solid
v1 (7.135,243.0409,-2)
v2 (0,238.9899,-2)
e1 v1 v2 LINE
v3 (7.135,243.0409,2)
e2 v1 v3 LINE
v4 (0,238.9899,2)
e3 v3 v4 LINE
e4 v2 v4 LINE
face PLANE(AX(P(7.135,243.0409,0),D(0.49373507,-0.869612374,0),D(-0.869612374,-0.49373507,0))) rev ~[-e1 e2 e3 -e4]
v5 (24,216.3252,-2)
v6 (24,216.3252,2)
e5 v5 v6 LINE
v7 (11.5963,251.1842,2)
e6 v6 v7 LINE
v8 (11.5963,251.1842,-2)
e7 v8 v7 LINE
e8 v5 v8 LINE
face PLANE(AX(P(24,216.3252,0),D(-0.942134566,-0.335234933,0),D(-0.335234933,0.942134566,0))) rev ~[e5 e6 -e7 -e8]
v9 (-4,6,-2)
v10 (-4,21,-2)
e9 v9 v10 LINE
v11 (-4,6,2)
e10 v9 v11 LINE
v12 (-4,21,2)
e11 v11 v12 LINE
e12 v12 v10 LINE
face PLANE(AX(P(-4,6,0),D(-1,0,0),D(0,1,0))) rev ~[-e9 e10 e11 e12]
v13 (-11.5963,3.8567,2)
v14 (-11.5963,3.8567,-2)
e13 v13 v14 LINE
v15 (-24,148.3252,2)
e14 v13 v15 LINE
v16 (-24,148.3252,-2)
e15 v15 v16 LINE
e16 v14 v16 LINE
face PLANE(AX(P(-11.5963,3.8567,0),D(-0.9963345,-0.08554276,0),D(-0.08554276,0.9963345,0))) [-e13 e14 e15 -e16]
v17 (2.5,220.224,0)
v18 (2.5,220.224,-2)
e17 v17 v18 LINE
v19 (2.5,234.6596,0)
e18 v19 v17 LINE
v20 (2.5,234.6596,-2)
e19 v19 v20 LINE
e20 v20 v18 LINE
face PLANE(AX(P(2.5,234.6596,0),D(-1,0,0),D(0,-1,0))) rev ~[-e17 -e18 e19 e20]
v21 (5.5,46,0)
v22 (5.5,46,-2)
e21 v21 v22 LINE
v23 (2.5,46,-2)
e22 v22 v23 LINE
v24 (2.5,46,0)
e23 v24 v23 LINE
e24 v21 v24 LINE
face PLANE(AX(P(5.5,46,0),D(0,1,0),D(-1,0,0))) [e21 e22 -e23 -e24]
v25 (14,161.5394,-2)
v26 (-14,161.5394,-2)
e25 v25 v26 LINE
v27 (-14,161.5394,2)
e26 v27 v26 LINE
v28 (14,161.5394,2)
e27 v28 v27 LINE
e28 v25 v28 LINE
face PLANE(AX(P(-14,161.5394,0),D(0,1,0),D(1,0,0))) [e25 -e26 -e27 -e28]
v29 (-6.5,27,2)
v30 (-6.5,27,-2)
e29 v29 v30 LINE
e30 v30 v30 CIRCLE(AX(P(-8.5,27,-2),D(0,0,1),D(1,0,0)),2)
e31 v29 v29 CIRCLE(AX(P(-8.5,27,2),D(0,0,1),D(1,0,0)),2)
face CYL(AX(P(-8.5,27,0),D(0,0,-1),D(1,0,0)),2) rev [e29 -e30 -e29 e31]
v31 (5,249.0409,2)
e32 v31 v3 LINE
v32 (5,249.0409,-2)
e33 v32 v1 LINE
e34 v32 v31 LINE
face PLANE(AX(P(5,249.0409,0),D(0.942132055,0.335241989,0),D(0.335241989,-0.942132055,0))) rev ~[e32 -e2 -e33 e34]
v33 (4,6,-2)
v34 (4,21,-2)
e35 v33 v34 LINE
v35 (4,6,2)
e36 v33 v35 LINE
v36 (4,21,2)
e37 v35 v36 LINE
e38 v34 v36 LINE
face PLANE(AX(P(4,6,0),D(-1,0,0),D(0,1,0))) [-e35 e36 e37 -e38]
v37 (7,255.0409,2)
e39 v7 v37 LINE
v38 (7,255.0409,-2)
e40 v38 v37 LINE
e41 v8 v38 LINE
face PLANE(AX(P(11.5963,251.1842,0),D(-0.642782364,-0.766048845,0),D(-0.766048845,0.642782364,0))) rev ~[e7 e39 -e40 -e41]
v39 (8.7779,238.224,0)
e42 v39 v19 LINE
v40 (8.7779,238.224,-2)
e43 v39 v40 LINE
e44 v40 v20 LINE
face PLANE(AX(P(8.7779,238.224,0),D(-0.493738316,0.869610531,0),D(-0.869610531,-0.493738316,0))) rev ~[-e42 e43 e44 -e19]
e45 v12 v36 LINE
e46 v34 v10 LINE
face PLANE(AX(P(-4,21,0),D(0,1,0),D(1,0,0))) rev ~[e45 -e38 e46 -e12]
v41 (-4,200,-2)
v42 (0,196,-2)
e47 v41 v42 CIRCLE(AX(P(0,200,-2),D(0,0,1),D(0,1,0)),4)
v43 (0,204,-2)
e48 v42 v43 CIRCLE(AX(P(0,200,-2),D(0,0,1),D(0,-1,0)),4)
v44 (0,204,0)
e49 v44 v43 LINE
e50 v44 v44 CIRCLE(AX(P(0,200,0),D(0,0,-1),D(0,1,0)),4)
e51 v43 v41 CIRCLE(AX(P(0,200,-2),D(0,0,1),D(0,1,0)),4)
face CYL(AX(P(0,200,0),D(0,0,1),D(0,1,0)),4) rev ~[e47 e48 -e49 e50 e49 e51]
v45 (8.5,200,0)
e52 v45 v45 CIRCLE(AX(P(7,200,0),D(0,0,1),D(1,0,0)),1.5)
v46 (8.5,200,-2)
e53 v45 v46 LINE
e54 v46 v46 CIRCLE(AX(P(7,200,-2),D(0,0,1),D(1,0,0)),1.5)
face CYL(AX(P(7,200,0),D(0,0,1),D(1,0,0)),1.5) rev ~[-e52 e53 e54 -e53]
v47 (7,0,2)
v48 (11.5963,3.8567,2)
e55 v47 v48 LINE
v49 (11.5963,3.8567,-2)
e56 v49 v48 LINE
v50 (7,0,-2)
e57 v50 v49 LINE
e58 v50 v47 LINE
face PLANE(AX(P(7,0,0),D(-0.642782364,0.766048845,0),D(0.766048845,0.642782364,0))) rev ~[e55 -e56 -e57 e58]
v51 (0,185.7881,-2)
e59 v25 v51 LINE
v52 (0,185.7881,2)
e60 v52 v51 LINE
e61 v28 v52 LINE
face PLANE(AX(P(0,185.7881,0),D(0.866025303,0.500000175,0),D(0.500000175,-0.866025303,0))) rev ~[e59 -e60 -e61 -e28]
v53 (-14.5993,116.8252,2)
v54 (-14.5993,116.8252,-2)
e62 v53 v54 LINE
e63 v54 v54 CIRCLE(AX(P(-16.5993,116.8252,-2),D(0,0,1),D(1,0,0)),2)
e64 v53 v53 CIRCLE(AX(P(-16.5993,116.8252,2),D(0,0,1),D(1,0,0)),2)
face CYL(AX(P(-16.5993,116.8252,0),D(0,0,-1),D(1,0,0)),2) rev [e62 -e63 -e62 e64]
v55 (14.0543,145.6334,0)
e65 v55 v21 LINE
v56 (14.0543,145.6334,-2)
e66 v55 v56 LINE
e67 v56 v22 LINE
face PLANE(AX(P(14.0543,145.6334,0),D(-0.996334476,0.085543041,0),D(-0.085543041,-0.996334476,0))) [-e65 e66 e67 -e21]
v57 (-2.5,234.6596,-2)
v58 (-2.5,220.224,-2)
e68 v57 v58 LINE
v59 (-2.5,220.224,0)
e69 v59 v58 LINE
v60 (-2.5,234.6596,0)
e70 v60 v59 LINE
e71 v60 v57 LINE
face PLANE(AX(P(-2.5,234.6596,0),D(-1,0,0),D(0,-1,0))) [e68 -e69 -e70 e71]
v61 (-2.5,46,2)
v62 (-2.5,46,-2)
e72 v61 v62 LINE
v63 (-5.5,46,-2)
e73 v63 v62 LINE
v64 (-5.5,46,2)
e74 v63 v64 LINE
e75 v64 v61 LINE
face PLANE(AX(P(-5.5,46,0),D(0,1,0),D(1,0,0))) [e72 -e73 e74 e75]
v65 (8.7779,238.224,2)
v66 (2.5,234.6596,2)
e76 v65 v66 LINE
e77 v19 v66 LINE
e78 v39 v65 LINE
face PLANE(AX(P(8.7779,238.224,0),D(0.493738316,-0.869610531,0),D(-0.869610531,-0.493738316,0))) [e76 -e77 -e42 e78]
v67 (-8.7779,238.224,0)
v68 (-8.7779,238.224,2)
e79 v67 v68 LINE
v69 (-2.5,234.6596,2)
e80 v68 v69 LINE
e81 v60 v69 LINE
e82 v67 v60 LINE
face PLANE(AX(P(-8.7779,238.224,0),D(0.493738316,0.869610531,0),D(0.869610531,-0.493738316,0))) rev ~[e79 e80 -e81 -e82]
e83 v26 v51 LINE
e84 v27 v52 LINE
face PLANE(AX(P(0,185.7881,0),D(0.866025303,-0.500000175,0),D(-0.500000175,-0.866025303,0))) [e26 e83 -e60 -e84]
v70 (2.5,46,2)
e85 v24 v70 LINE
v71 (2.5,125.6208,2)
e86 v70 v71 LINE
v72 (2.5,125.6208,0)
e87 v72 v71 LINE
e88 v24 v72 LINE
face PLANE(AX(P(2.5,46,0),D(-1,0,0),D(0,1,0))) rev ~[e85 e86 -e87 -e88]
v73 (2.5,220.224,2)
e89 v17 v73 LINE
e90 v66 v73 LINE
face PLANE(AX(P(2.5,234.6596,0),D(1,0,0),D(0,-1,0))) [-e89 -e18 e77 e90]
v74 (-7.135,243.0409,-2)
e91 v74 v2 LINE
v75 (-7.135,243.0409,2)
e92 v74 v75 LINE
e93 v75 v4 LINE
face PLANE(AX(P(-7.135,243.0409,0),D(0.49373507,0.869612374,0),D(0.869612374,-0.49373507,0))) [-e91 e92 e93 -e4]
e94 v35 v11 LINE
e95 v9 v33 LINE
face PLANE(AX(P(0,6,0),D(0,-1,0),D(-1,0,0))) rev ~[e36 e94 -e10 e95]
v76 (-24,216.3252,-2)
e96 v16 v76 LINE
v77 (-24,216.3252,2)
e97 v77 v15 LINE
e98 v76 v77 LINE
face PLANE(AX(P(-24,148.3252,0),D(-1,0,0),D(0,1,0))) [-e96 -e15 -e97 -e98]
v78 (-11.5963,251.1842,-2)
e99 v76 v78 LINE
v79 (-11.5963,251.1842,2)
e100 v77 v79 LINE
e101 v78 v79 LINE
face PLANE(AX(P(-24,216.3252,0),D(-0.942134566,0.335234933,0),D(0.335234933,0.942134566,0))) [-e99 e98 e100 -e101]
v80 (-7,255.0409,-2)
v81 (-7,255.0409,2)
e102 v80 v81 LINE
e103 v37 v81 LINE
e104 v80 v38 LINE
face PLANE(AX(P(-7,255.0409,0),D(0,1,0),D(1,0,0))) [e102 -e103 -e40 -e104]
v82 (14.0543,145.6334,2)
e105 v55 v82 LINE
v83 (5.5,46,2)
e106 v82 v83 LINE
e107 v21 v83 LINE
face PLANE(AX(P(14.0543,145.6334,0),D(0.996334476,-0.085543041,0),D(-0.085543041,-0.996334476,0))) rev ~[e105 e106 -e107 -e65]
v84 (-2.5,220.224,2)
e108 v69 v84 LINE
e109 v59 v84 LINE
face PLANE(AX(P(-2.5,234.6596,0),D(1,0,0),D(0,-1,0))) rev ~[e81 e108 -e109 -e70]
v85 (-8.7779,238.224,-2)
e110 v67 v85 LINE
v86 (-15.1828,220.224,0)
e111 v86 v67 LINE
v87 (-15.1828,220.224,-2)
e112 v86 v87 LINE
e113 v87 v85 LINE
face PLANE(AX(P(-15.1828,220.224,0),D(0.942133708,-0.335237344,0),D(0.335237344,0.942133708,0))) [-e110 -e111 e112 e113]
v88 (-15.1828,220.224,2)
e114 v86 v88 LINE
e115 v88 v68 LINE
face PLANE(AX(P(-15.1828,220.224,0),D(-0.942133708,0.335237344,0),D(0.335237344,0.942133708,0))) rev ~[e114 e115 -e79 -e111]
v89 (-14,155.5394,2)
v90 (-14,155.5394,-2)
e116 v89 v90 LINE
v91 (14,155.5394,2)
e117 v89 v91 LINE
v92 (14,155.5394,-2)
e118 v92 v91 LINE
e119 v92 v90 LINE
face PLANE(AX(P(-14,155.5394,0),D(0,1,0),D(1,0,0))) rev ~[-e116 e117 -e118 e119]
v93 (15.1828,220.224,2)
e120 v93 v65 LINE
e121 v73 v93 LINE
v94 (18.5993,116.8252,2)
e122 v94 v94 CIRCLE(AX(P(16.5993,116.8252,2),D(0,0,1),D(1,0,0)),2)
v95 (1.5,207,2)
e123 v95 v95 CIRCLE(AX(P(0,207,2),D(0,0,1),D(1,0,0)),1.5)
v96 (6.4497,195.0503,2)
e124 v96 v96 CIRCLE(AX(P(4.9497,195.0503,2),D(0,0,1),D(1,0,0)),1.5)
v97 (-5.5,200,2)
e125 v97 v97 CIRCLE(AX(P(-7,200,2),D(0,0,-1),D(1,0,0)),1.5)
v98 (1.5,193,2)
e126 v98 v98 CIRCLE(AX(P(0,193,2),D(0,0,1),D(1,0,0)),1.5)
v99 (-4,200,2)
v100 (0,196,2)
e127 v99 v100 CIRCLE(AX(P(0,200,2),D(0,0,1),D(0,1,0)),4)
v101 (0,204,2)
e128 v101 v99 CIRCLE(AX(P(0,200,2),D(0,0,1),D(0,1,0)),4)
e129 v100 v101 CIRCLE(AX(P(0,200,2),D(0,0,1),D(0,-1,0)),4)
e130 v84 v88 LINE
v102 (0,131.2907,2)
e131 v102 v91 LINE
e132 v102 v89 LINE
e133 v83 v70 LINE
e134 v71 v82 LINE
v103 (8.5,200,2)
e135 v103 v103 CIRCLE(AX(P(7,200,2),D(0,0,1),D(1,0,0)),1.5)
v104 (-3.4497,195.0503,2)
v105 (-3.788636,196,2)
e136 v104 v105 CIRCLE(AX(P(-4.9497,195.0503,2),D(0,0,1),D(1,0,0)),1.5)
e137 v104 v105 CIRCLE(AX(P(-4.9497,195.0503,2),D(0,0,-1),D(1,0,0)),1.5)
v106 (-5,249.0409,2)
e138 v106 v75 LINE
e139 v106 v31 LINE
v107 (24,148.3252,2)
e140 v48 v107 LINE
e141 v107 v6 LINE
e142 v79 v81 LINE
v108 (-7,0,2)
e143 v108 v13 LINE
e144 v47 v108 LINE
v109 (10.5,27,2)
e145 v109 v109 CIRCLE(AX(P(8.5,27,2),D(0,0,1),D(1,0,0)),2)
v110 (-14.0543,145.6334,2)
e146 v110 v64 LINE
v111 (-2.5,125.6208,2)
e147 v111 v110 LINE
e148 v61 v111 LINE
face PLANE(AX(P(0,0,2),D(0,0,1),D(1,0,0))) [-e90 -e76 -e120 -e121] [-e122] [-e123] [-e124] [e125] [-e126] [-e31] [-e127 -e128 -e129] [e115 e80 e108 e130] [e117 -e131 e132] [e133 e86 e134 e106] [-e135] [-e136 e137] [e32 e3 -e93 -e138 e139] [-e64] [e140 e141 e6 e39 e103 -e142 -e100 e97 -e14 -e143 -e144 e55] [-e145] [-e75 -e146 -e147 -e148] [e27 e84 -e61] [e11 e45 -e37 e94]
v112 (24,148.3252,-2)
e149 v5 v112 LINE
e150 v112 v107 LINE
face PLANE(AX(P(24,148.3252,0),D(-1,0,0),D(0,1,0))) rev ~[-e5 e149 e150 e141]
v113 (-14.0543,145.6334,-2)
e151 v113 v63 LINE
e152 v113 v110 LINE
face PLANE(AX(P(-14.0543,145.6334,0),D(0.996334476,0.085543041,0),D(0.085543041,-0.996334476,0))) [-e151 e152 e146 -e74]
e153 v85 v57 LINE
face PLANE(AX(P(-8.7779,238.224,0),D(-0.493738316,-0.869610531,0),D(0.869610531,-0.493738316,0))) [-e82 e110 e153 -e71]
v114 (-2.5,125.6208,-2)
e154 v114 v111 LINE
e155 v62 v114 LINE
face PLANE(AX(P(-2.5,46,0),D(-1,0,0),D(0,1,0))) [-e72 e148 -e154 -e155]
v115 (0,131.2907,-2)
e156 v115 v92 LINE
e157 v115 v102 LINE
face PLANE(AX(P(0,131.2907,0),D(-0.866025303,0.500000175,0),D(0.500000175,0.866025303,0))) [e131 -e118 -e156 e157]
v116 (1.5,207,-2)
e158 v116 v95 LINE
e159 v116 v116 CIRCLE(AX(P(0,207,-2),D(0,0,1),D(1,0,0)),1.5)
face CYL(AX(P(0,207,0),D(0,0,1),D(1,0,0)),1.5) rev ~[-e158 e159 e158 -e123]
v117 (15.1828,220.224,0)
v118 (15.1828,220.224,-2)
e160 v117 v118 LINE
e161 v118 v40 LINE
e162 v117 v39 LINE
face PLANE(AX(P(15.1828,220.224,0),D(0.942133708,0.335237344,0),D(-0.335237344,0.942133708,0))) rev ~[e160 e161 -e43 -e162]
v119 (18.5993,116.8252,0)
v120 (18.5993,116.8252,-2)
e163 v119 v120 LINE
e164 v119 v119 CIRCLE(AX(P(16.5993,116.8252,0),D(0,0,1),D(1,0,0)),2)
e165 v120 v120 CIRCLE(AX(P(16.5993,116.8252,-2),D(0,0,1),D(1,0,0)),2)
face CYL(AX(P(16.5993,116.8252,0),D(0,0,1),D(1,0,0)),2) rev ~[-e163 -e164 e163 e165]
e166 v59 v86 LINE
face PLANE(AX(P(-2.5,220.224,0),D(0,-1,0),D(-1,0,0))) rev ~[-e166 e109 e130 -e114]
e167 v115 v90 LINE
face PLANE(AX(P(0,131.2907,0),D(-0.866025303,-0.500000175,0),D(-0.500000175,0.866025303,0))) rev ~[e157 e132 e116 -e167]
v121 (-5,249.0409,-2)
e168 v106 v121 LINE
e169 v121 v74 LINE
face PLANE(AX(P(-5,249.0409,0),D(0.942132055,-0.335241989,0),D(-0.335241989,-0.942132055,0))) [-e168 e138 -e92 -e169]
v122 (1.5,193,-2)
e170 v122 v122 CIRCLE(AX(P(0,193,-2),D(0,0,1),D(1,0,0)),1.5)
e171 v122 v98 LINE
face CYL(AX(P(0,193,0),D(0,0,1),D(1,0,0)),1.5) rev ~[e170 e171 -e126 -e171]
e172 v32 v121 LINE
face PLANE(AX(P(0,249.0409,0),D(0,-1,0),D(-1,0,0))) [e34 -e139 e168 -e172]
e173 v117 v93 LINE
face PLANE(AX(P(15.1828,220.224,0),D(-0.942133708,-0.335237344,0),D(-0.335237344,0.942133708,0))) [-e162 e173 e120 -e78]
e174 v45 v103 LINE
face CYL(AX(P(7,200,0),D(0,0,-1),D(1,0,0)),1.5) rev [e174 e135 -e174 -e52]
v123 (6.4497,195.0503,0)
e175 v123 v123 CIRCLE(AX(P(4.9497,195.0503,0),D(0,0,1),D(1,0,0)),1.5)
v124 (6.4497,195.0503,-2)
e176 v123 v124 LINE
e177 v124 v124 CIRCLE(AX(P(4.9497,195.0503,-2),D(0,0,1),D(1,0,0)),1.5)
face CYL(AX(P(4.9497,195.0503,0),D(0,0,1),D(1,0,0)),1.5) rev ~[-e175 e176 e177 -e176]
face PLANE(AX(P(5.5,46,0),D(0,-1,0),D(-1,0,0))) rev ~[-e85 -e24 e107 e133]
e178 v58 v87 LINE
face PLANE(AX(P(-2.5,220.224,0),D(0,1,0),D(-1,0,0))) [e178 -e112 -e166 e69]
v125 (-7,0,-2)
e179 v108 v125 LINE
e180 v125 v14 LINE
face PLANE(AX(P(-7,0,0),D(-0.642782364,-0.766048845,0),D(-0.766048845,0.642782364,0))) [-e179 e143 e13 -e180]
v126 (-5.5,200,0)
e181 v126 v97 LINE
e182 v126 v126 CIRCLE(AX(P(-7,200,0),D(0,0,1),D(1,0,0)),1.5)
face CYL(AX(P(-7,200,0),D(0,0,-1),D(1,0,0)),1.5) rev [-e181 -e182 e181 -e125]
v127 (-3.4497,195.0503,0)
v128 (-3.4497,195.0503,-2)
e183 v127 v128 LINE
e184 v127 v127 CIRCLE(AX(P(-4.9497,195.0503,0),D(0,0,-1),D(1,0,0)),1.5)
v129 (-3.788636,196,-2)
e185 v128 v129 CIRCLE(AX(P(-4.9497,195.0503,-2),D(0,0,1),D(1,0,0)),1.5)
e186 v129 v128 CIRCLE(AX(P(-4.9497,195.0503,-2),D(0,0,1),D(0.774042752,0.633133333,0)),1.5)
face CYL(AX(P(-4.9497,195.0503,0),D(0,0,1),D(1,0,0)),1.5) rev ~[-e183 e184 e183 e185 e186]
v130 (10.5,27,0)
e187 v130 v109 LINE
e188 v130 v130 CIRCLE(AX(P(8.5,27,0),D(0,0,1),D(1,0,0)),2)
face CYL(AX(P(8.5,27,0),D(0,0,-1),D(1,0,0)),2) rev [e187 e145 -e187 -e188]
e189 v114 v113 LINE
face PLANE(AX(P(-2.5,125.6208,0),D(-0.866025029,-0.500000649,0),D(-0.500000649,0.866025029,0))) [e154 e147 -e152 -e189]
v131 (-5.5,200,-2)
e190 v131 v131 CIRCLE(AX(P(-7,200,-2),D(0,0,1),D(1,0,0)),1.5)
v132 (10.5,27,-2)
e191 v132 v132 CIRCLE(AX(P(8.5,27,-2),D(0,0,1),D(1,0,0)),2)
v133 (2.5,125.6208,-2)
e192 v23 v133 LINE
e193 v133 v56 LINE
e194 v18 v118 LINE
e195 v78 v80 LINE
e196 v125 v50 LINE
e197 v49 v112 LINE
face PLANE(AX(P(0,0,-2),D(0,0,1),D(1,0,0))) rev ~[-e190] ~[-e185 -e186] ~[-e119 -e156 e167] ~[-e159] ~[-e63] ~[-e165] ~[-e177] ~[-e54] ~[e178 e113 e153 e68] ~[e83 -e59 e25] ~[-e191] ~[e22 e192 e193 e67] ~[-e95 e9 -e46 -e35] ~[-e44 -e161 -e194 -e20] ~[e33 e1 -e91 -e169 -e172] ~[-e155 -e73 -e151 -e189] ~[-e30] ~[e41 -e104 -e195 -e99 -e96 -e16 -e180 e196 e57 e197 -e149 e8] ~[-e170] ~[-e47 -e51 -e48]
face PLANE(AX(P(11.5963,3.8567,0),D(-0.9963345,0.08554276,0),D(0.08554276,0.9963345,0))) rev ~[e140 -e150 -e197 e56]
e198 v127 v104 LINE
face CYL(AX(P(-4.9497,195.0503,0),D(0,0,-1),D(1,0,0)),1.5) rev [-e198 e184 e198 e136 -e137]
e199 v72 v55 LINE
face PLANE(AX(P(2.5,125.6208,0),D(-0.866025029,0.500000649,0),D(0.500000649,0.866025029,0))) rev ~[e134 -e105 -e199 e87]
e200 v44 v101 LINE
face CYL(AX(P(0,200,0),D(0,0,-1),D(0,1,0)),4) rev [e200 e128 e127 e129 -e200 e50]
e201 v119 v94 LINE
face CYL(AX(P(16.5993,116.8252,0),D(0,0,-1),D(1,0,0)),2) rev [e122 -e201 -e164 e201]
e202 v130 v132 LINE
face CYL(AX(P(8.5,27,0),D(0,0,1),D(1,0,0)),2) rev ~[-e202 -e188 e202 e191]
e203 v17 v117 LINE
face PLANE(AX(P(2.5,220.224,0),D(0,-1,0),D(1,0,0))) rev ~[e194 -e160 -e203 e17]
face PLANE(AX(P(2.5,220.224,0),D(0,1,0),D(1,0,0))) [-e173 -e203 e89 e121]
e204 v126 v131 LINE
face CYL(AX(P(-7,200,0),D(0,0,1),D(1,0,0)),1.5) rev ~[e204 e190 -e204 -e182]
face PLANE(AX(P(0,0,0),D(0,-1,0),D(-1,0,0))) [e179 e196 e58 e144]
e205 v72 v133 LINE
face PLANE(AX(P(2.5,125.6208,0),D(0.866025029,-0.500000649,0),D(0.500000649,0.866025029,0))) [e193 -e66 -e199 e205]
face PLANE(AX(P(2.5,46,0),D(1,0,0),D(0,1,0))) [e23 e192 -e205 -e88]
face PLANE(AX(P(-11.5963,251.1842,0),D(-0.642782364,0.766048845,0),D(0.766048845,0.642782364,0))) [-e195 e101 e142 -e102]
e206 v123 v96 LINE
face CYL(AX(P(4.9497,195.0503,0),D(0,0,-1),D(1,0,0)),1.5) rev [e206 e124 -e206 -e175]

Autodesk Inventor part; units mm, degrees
ref_plane "YZ Plane" through (0, 0, 0) normal (1, 0, 0) x (0, 1, 0)
ref_plane "XZ Plane" through (0, 0, 0) normal (0, 1, 0) x (-1, 0, 0)
ref_plane "XY Plane" through (0, 0, 0) normal (0, 0, 1) x (1, 0, 0)
sketch "Sketch1" plane through (0, 0, 0) normal (0, 0, 1) x (1, 0, 0)
  line L0 (0, 0) -> (-7, 0)
  line L1 (-7, 0) -> (-11.5963, 3.8567)
  line L2 (-11.5963, 3.8567) -> (-24, 148.3252)
  line L3 (-24, 148.3252) -> (-24, 216.3252)
  line L4 (-24, 216.3252) -> (-11.5963, 251.1842)
  line L5 (-11.5963, 251.1842) -> (-7, 255.0409)
  line L6 (-7, 255.0409) -> (0, 255.0409)
  line L7 (0, 255.0409) -> (0, 0)
  line L8 (0, 6) -> (-4, 6)
  line L9 (-4, 6) -> (-4, 21)
  line L10 (-4, 21) -> (0, 21)
  line L11 (-5.5, 46) -> (-2.5, 46)
  line L12 (-2.5, 46) -> (-2.5, 125.6208)
  line L13 (-2.5, 125.6208) -> (-14.0543, 145.6334)
  line L14 (-14.0543, 145.6334) -> (-5.5, 46)
  line L15 (0, 249.0409) -> (-5, 249.0409)
  line L16 (-5, 249.0409) -> (-7.135, 243.0409)
  line L17 (-7.135, 243.0409) -> (0, 238.9899)
  line L18 (-8.7779, 238.224) -> (-2.5, 234.6596)
  line L19 (-2.5, 234.6596) -> (-2.5, 220.224)
  line L20 (-2.5, 220.224) -> (-15.1828, 220.224)
  line L21 (-15.1828, 220.224) -> (-8.7779, 238.224)
  line L22 (0, 131.2907) -> (-14, 155.5394)
  line L23 (-14, 155.5394) -> (0, 155.5394)
  arc A0 (0, 204) -> (0, 196) centre (0, 200) ccw
  circle A1 centre (-7, 200) radius 1.5
  line L24 (0, 0) -> (7, 0)
  line L25 (7, 0) -> (11.5963, 3.8567)
  line L26 (11.5963, 3.8567) -> (24, 148.3252)
  line L27 (24, 148.3252) -> (24, 216.3252)
  line L28 (24, 216.3252) -> (11.5963, 251.1842)
  line L29 (11.5963, 251.1842) -> (7, 255.0409)
  line L30 (7, 255.0409) -> (0, 255.0409)
  line L31 (0, 6) -> (4, 6)
  line L32 (4, 6) -> (4, 21)
  line L33 (4, 21) -> (0, 21)
  line L34 (5.5, 46) -> (2.5, 46)
  line L35 (2.5, 46) -> (2.5, 125.6208)
  line L36 (2.5, 125.6208) -> (14.0543, 145.6334)
  line L37 (14.0543, 145.6334) -> (5.5, 46)
  line L38 (0, 249.0409) -> (5, 249.0409)
  line L39 (5, 249.0409) -> (7.135, 243.0409)
  line L40 (7.135, 243.0409) -> (0, 238.9899)
  line L41 (8.7779, 238.224) -> (2.5, 234.6596)
  line L42 (2.5, 234.6596) -> (2.5, 220.224)
  line L43 (2.5, 220.224) -> (15.1828, 220.224)
  line L44 (15.1828, 220.224) -> (8.7779, 238.224)
  line L45 (0, 131.2907) -> (14, 155.5394)
  line L46 (14, 155.5394) -> (0, 155.5394)
  arc A2 (0, 196) -> (0, 204) centre (0, 200) ccw
  circle A3 centre (-16.5993, 116.8252) radius 2
  circle A4 centre (16.5993, 116.8252) radius 2
  circle A5 centre (-8.5, 27) radius 2
  circle A6 centre (8.5, 27) radius 2
  line L47 (0, 200) -> (-10, 200)
  line L48 (0, 204) -> (-14, 204)
  line L49 (0, 196) -> (-14, 196)
  circle A7 centre (-4.9497, 195.0503) radius 1.5
  circle A8 centre (0, 193) radius 1.5
  circle A9 centre (4.9497, 195.0503) radius 1.5
  circle A10 centre (7, 200) radius 1.5
  circle A11 centre (0, 207) radius 1.5
  line L50 (-24, 158.5394) -> (24, 158.5394)
  line L51 (0, 185.7881) -> (-14, 161.5394)
  line L52 (-14, 161.5394) -> (0, 161.5394)
  line L53 (14, 161.5394) -> (0, 161.5394)
  line L54 (0, 185.7881) -> (14, 161.5394)
  dimension "d0" = 7
  dimension "d1" = 6
  dimension "d2" = 145
  dimension "d3" = 68
  dimension "d4" = 37
  dimension "d5" = 48
  dimension "d8" = 140
  dimension "d9" = 140
  dimension "d10" = 15
  dimension "d11" = 6
  dimension "d12" = 4
  dimension "d13" = 3
  dimension "d14" = 5
  dimension "d15" = 25
  dimension "d17" = 100
  dimension "d19" = 5
  dimension "d20" = 28
  dimension "d21" = 150
  dimension "d29" = 6
  dimension "d32" = 6
  dimension "d33" = 4
  dimension "d38" = 3
  dimension "d42" = 4
  dimension "d43" = 31.5
  dimension "d45" = 5
  dimension "d46" = 4
  dimension "d47" = 17
  dimension "d48" = 6
  dimension "d51" = 200
  dimension "d54" = 3
  dimension "d56" = 14
  dimension "d57" = 8
  dimension "d58" = 7
  dimension "d61" = 180
  dimension "d63" = 5
  dimension "d64" = 5
  dimension "d65" = 100
  dimension "d66" = 7
  dimension "d67" = 5
  dimension "d68" = 18
  dimension "d69" = 6
extrude "Extrusion1" add sketch "Sketch1" along normal mid plane 4 contours L0 L1 L2 L3 L50 L7 L23 L22 L10 L9 L8 | L7 L31 L32 L33 L45 L46 L50 L27 L26 L25 L24 | L3 L4 L5 L6 L7 L15 L16 L17 A11 A0 A8 L51 L52 L50 | L50 L7 L53 L54 A8 A2 A11 L40 L39 L38 L30 L29 L28 L27 | L52 L51 L7 | L7 L54 L53 | A8 L7 | L7 A8 | A11 L7 | L7 A11
extrude "Extrusion2" cut sketch "Sketch1" along normal mid plane 10 contours L52 L51 L7 | L7 L54 L53 | A8 L7 | L7 A8 | A11 L7 | L7 A11
properties part number "Leg_part3"
